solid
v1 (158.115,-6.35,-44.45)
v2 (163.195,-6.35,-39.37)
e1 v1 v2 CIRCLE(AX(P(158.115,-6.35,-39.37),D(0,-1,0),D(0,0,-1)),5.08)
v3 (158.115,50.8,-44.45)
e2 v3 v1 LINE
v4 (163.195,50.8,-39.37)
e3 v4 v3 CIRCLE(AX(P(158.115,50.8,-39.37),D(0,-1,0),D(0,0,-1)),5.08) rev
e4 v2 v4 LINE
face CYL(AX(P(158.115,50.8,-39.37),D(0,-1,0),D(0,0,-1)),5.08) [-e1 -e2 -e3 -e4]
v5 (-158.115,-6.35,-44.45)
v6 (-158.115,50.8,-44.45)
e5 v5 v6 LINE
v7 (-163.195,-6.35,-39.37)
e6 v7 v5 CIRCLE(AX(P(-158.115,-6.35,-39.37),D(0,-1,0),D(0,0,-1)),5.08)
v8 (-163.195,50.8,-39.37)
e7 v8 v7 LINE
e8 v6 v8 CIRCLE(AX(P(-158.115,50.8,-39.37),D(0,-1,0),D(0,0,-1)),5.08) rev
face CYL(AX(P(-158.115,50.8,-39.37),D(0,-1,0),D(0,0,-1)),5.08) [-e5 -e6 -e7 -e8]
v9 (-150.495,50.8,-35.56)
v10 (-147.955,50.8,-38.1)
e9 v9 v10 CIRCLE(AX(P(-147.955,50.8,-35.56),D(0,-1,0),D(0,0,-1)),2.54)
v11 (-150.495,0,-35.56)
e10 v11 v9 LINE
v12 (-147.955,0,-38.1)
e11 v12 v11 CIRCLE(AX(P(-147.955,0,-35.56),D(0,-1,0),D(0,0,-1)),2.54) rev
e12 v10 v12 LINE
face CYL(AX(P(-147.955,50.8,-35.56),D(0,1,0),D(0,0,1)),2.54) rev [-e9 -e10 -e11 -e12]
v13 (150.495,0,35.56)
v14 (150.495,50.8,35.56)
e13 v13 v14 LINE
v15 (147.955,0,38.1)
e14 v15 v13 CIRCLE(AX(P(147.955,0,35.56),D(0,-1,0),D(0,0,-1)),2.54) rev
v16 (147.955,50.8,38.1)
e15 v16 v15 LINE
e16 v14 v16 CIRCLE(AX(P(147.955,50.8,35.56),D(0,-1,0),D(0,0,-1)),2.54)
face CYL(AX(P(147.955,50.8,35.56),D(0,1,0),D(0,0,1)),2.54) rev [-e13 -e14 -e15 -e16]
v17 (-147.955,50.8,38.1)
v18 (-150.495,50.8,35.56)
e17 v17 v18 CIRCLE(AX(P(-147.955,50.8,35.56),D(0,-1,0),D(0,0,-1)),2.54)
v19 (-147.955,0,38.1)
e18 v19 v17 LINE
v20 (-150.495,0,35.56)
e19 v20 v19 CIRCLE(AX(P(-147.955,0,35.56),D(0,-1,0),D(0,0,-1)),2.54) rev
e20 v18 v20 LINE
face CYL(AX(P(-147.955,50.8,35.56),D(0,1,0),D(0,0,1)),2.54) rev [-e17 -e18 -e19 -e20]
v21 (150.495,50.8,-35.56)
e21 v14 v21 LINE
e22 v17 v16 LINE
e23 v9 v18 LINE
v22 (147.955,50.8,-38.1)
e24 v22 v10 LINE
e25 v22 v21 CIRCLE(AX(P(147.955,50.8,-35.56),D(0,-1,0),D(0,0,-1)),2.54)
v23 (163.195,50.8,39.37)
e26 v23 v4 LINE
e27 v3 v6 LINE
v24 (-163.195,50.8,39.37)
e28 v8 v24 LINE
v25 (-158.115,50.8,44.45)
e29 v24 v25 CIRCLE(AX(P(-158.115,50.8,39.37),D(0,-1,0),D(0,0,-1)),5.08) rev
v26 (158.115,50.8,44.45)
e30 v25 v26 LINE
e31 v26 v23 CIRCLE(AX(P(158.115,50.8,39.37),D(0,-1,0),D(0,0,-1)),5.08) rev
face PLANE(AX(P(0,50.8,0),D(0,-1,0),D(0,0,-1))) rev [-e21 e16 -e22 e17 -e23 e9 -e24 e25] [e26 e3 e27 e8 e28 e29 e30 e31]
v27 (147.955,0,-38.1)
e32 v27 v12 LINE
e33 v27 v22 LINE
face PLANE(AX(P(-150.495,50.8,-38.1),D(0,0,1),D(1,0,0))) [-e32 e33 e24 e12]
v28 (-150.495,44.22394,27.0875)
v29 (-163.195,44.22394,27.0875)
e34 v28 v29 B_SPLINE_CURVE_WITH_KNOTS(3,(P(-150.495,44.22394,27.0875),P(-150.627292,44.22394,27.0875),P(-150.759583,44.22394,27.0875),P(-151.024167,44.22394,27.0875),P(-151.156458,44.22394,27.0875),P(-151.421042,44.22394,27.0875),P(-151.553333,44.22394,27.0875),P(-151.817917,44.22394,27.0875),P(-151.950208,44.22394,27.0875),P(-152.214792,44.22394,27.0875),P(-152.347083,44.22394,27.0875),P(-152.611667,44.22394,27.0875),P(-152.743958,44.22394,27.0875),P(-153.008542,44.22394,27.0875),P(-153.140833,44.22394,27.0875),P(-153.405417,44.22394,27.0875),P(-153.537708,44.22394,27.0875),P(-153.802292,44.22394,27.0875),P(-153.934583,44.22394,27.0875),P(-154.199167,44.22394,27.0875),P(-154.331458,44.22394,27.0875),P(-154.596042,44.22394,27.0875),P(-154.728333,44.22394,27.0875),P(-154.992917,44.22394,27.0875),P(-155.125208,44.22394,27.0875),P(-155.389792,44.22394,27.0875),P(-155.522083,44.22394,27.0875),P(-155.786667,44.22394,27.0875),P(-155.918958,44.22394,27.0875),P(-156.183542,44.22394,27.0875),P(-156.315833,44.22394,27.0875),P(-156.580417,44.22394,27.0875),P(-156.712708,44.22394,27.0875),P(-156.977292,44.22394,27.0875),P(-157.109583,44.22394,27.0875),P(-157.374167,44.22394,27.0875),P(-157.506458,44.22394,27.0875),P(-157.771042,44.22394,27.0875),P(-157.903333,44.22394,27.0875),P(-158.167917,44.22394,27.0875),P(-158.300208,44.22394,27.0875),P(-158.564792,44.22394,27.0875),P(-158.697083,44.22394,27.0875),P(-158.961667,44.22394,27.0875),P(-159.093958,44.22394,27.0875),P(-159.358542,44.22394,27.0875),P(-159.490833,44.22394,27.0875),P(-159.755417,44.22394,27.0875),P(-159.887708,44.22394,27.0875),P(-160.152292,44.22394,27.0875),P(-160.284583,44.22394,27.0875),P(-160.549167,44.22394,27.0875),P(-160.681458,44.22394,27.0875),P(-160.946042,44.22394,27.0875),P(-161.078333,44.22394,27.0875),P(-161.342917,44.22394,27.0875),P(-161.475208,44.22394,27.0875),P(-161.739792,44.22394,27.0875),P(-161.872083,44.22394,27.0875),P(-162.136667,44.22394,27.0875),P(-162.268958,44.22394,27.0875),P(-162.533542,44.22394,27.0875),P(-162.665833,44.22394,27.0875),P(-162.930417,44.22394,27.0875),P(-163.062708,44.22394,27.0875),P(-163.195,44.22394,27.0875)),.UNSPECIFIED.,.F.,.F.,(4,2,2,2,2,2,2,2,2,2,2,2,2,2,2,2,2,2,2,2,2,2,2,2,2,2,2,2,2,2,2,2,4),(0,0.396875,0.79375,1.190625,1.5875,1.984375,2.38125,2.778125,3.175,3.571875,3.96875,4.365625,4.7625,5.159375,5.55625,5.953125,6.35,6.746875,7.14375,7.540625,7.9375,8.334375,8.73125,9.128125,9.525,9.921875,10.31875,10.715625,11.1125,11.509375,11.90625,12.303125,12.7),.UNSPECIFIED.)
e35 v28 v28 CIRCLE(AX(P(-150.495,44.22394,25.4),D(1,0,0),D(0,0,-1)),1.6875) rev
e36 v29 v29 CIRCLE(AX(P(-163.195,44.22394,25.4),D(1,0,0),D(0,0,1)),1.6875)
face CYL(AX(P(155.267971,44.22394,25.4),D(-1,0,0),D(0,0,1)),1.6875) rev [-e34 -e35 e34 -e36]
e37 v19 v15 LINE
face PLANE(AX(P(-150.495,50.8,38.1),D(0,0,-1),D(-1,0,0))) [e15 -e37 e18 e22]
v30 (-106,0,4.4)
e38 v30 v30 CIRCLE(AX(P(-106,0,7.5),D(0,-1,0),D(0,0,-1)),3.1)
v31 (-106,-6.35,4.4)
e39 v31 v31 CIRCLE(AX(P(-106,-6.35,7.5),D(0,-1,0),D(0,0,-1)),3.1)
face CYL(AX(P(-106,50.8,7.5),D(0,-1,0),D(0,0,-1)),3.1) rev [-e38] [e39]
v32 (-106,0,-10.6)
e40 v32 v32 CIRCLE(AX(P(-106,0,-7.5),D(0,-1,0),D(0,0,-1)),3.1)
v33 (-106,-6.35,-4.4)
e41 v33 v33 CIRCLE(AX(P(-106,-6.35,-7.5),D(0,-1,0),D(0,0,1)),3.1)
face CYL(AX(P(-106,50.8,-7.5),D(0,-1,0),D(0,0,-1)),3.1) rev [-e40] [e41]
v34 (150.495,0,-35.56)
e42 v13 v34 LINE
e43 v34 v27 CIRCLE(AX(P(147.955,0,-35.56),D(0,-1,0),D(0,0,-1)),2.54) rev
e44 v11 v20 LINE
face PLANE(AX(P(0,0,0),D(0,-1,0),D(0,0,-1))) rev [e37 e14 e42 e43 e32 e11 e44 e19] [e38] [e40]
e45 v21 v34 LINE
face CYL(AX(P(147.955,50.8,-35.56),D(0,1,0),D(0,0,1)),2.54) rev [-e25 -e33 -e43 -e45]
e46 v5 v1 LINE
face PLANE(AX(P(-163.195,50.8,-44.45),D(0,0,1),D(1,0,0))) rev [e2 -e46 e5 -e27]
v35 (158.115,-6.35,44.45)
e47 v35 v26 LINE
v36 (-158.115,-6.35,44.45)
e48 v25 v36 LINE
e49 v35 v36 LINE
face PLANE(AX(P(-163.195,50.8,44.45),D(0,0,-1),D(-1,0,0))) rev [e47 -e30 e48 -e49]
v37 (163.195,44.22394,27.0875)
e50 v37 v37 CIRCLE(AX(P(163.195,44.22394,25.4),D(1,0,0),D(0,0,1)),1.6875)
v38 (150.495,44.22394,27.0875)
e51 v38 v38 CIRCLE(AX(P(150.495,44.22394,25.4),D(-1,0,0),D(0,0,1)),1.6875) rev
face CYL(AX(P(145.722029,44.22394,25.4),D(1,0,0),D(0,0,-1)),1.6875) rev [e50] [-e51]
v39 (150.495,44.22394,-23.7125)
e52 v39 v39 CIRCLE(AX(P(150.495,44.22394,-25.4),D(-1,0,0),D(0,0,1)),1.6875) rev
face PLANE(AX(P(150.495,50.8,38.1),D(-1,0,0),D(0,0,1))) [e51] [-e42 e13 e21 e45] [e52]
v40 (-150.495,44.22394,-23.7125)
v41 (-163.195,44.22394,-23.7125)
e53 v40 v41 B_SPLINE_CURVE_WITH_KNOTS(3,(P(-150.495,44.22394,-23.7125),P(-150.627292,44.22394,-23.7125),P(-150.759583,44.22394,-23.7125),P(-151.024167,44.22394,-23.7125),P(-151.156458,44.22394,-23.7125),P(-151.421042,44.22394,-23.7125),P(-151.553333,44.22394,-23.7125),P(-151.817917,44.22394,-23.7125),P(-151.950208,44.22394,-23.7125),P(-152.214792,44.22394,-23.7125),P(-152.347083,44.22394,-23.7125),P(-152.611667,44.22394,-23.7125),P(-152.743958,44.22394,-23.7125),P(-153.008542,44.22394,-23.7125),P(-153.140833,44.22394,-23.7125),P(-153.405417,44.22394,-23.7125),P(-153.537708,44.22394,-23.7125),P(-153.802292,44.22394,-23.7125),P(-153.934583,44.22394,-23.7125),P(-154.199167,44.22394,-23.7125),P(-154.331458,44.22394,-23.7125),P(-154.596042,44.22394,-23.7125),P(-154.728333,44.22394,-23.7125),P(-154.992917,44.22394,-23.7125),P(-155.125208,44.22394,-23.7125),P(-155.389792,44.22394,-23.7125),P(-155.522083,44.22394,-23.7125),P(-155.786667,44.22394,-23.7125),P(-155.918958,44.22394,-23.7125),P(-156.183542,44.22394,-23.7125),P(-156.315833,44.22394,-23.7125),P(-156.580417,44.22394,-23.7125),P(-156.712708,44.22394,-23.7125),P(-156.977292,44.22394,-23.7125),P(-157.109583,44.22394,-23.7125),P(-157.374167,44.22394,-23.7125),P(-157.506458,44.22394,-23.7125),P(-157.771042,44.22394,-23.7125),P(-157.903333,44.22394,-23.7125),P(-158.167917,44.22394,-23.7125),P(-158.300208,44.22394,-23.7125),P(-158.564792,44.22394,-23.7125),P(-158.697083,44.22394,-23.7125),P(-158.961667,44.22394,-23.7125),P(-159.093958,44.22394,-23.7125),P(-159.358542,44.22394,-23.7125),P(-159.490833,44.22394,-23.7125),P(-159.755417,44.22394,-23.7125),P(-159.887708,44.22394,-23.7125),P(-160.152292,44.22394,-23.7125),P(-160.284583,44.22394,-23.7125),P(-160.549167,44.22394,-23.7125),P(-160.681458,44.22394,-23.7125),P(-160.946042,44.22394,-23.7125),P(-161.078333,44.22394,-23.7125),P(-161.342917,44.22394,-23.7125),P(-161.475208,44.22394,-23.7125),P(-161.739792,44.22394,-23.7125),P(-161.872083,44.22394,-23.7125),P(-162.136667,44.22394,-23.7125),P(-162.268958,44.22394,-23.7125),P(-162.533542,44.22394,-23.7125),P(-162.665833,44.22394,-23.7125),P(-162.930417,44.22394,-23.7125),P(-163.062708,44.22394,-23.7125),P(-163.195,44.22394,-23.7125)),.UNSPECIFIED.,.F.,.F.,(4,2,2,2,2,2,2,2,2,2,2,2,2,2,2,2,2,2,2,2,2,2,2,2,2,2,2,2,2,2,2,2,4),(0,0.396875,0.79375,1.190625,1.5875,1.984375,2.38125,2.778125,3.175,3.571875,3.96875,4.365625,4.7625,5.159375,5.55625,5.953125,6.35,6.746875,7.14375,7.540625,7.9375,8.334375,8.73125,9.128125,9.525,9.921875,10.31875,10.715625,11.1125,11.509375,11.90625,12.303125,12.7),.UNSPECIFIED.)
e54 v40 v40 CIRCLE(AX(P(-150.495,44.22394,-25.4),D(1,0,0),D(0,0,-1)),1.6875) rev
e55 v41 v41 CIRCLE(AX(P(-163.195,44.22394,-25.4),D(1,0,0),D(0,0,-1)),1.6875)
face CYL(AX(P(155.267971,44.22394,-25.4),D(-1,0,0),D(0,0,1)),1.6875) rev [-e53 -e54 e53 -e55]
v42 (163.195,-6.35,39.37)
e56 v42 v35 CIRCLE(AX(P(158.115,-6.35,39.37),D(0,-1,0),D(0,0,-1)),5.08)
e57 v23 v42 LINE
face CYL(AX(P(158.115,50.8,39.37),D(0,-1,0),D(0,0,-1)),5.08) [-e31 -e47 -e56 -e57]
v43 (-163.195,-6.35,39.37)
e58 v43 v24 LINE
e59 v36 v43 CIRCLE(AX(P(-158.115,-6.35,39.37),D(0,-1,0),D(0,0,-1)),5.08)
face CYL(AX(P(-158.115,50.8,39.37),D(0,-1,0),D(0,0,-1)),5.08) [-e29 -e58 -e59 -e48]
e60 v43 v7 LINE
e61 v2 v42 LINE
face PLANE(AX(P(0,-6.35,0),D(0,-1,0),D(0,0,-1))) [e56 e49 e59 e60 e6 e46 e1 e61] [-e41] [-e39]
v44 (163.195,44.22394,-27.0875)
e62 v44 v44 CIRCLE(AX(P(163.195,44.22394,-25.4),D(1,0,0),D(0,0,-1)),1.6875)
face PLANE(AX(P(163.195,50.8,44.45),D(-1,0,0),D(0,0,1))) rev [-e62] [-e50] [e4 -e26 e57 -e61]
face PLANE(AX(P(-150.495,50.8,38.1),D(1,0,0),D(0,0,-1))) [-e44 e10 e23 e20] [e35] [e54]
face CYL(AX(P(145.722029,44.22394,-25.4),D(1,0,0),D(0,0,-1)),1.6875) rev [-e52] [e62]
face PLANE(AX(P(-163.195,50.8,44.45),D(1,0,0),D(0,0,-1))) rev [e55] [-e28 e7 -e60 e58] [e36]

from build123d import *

# Parameters (mm, degrees)
SKETCH1_W           = 326.39
SKETCH1_H           = 88.9
SKETCH1_W_2         = 300.99
SKETCH1_H_2         = 76.2
BOSS_EXTRUDE1_DEPTH = 50.8
SKETCH2_W           = 326.39
SKETCH2_H           = 88.9
BOSS_EXTRUDE2_DEPTH = 6.35
SKETCH3_R           = 3.1
CUT_EXTRUDE1_DEPTH  = 179.534402917
SKETCH4_R           = 1.6875
CUT_EXTRUDE3_DEPTH  = 313.69
FILLET1_R           = 5.08
FILLET2_R           = 2.54


with BuildPart() as part:
    # Sketch1 → Boss-Extrude1 (new body)
    with BuildSketch(Plane(origin=(0, 0, 0), x_dir=(1, 0, 0), z_dir=(0, 1, 0))):
        Rectangle(SKETCH1_W, SKETCH1_H)
        Rectangle(SKETCH1_W_2, SKETCH1_H_2, mode=Mode.SUBTRACT)
    extrude(amount=BOSS_EXTRUDE1_DEPTH)

    # Sketch2 → Boss-Extrude2 (add)
    with BuildSketch(Plane.XZ):
        Rectangle(SKETCH2_W, SKETCH2_H)
    extrude(amount=BOSS_EXTRUDE2_DEPTH)

    # Sketch3 → Cut-Extrude1 (cut, through all)
    with BuildSketch(Plane.XZ.offset(6.35)):
        with Locations(Location((-106, 7.5, 0), (0, 0, 270))):
            Circle(SKETCH3_R)
        with Locations(Location((-106, -7.5, 0), (0, 0, 270))):
            Circle(SKETCH3_R)
    extrude(amount=-CUT_EXTRUDE1_DEPTH, mode=Mode.SUBTRACT)

    # Sketch4 → Cut-Extrude3 (cut)
    with BuildSketch(Plane(origin=(163.195, 0, 0), x_dir=(0, 0, -1), z_dir=(1, 0, 0))):
        with Locations((25.4, 44.22394)):
            Circle(SKETCH4_R)
        with Locations(Location((-25.4, 44.22394, 0), (0, 0, 180))):
            Circle(SKETCH4_R)
    cut_extrude3 = extrude(amount=-CUT_EXTRUDE3_DEPTH, mode=Mode.SUBTRACT)

    # Mirror2: Cut-Extrude3 across plane
    add(cut_extrude3.mirror(Plane(origin=(0, 0, 0), x_dir=(0, 0, 1), z_dir=(1, 0, 0))), mode=Mode.SUBTRACT)

    # Fillet1
    fillet1_edges = [part.edges().sort_by_distance(p)[0] for p in [
        (163.195, 22.225, 44.45),
        (-163.195, 22.225, 44.45),
        (-163.195, 22.225, -44.45),
        (163.195, 22.225, -44.45),
    ]]
    fillet(fillet1_edges, radius=FILLET1_R)

    # Fillet2
    fillet2_edges = [part.edges().sort_by_distance(p)[0] for p in [
        (150.495, 25.4, 38.1),
        (150.495, 25.4, -38.1),
        (-150.495, 25.4, -38.1),
        (-150.495, 25.4, 38.1),
    ]]
    fillet(fillet2_edges, radius=FILLET2_R)


solid = part.part
